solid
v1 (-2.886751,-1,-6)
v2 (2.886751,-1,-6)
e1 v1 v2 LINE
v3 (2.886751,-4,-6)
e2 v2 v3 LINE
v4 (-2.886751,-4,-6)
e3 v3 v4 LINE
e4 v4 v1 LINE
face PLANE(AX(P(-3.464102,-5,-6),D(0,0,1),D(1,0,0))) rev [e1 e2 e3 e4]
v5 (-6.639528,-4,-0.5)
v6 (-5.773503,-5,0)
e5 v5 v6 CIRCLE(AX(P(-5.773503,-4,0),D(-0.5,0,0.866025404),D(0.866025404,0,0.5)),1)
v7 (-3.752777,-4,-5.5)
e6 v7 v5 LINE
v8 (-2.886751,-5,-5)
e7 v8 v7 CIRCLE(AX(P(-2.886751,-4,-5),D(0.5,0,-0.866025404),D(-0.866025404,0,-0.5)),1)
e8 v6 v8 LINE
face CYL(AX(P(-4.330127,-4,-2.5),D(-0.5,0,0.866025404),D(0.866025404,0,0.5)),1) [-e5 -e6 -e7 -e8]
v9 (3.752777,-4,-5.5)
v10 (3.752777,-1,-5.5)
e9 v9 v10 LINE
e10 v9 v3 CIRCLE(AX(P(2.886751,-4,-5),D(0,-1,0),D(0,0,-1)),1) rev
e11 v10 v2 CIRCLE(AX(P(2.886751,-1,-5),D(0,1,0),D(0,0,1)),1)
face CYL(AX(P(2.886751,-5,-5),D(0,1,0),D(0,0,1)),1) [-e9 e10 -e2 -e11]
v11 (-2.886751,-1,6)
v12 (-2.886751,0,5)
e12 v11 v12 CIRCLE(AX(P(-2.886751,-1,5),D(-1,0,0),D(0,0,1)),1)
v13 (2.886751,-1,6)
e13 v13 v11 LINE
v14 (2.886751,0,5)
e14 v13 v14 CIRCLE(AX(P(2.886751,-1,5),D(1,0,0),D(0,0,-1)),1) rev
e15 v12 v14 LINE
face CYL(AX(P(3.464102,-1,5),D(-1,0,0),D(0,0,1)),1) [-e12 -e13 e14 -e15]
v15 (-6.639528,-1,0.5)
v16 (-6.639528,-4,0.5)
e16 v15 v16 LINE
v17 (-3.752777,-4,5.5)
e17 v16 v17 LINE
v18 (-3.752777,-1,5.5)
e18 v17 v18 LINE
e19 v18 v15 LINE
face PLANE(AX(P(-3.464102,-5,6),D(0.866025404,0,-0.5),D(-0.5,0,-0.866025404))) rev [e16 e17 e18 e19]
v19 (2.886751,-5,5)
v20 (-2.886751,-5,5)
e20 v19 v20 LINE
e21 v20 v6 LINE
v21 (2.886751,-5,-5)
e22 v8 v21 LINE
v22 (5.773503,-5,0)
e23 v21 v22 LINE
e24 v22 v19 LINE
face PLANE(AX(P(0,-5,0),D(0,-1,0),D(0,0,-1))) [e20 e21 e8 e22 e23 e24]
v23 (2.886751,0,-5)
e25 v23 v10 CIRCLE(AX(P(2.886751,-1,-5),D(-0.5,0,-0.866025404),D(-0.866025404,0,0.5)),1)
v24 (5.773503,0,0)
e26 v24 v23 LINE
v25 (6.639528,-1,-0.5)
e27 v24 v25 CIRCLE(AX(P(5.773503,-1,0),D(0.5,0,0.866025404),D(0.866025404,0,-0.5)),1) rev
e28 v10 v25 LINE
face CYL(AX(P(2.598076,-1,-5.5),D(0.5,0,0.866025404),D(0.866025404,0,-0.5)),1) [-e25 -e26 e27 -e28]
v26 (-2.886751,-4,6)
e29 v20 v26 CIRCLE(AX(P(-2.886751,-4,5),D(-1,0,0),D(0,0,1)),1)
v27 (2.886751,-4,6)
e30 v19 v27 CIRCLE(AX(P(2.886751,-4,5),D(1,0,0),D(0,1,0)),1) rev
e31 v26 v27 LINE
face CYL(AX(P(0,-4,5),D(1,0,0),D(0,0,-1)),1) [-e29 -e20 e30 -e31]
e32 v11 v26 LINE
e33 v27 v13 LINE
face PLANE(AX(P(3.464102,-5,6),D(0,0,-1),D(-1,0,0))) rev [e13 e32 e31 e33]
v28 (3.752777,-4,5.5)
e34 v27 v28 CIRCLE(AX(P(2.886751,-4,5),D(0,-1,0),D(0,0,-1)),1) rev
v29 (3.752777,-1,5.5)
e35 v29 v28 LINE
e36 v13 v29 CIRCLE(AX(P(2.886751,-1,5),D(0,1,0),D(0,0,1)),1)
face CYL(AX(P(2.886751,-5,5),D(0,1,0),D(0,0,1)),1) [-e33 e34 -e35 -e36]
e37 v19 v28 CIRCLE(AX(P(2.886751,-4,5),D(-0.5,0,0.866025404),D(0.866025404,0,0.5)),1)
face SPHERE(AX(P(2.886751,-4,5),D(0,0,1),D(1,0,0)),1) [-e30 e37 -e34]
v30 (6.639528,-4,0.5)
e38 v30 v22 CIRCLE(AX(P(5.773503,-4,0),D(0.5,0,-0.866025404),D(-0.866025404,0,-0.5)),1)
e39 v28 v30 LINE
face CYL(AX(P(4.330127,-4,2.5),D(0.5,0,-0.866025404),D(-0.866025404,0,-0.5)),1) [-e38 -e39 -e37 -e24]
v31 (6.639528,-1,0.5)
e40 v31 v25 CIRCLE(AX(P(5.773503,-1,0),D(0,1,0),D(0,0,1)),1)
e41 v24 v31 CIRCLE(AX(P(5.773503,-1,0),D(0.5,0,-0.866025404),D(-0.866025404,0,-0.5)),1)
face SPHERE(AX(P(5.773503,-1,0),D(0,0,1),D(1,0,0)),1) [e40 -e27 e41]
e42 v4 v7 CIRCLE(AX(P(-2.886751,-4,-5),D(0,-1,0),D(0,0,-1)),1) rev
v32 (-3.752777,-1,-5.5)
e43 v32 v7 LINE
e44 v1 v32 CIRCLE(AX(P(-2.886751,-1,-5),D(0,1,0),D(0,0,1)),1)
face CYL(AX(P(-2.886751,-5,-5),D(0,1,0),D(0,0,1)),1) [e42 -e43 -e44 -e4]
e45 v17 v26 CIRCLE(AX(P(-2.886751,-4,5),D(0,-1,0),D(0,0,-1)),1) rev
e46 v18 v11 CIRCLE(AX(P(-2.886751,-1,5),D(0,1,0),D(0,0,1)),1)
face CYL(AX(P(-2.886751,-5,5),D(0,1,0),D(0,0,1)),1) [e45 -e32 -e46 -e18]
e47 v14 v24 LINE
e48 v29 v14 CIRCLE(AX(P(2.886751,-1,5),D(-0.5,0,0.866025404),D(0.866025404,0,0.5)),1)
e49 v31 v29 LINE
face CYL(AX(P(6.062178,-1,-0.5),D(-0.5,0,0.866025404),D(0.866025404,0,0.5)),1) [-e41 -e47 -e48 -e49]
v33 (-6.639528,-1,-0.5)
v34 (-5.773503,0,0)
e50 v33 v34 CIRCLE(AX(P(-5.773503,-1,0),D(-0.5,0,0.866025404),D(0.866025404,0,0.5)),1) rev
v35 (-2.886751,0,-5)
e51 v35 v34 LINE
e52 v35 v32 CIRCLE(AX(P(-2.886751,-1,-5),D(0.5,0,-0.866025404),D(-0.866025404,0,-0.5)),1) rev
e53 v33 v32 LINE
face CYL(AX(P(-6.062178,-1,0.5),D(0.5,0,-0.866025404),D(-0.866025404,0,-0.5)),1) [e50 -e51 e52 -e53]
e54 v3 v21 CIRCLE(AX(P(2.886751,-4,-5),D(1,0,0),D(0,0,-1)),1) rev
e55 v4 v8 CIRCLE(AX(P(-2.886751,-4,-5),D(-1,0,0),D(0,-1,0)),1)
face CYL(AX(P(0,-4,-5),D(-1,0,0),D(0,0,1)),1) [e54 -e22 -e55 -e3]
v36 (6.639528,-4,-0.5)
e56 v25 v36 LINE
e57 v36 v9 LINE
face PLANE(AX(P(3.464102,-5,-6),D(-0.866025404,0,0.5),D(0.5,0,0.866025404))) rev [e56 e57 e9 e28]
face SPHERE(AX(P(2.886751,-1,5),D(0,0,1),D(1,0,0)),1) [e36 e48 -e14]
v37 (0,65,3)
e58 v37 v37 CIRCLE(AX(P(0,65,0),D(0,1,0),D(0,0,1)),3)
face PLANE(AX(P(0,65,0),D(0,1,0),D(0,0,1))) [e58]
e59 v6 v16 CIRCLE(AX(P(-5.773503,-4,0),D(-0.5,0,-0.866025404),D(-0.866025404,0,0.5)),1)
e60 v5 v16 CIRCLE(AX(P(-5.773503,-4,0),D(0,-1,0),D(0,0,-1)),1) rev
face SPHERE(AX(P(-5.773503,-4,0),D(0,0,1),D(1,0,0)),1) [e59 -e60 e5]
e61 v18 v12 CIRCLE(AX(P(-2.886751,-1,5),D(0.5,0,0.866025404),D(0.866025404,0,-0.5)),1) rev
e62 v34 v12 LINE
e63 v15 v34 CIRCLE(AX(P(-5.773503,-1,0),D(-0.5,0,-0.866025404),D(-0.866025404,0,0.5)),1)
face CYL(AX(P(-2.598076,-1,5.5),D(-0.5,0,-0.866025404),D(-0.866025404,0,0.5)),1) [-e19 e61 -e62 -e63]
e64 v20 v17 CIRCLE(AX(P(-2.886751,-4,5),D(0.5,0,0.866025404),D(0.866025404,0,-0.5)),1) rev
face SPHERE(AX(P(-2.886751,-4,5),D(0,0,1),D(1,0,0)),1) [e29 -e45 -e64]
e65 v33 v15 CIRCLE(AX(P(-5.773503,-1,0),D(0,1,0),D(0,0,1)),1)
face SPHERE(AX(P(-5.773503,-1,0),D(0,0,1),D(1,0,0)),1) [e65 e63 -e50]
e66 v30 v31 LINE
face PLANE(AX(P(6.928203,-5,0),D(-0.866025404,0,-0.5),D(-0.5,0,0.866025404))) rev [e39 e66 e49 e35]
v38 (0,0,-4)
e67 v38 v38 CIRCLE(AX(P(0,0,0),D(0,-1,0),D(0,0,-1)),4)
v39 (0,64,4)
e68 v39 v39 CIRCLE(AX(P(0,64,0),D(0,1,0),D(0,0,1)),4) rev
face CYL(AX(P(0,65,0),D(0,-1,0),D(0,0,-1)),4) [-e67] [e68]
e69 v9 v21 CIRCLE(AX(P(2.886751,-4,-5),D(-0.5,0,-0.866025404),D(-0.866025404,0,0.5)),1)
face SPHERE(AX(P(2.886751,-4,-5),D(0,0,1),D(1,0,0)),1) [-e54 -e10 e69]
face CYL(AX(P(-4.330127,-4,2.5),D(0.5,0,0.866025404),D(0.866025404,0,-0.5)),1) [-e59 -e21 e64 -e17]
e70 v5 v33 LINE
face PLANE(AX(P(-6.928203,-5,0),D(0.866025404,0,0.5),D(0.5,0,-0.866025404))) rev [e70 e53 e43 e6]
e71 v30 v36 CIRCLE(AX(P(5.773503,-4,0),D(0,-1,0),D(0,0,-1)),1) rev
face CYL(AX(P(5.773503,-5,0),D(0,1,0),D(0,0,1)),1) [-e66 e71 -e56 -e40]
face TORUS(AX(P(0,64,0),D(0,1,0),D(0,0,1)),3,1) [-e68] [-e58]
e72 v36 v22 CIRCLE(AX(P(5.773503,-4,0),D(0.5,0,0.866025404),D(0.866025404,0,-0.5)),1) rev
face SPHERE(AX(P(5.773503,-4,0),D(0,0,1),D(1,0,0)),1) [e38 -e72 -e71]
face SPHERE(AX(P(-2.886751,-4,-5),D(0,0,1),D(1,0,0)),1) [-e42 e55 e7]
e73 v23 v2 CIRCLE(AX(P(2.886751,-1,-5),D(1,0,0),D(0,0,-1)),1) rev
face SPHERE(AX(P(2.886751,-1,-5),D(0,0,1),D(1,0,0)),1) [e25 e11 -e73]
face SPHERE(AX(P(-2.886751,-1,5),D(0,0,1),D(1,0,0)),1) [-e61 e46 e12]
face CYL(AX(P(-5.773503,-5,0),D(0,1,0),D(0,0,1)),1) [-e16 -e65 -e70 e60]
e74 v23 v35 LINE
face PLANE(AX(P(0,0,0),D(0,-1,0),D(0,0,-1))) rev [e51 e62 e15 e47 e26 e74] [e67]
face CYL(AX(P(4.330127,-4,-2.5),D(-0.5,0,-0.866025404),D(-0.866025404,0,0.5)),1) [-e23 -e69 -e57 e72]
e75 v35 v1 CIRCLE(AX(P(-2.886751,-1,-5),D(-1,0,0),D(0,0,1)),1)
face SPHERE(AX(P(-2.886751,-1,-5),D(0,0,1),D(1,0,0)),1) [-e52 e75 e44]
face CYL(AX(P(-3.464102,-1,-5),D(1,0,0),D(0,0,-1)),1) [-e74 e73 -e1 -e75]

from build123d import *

# Parameters (mm, degrees)
SKETCH1_R           = 4
BOSS_EXTRUDE1_DEPTH = 65
BOSS_EXTRUDE2_DEPTH = 5
FILLET1_R           = 1
FILLET2_R           = 1


with BuildPart() as part:
    # Sketch1 → Boss-Extrude1 (new body)
    with BuildSketch(Plane(origin=(0, 0, 0), x_dir=(1, 0, 0), z_dir=(0, 1, 0))):
        with Locations(Location((0, 0, 0), (0, 0, 270))):
            Circle(SKETCH1_R)
    extrude(amount=BOSS_EXTRUDE1_DEPTH)

    # Sketch2 → Boss-Extrude2 (add)
    with BuildSketch(Plane.XZ):
        Polygon((-3.464101615, -6), (3.464101615, -6), (6.92820323, 0), (3.464101615, 6), (-3.464101615, 6), (-6.92820323, 0), align=None)
    extrude(amount=BOSS_EXTRUDE2_DEPTH)

    # Fillet1
    fillet1_edges = [part.edges().sort_by_distance(p)[0] for p in [
        (0, 65, -4),
    ]]
    fillet(fillet1_edges, radius=FILLET1_R)

    # Fillet2
    fillet2_edges = [part.edges().sort_by_distance(p)[0] for p in [
        (-5.196152423, 0, -3),
        (-6.92820323, -2.5, 0),
        (0, 0, -6),
        (-3.464101615, -2.5, -6),
        (5.196152423, 0, -3),
        (3.464101615, -2.5, -6),
        (5.196152423, 0, 3),
        (6.92820323, -2.5, 0),
        (0, 0, 6),
        (3.464101615, -2.5, 6),
        (-5.196152423, 0, 3),
        (-3.464101615, -2.5, 6),
        (-5.196152423, -5, -3),
        (0, -5, -6),
        (5.196152423, -5, -3),
        (5.196152423, -5, 3),
        (0, -5, 6),
        (-5.196152423, -5, 3),
    ]]
    fillet(fillet2_edges, radius=FILLET2_R)


solid = part.part
